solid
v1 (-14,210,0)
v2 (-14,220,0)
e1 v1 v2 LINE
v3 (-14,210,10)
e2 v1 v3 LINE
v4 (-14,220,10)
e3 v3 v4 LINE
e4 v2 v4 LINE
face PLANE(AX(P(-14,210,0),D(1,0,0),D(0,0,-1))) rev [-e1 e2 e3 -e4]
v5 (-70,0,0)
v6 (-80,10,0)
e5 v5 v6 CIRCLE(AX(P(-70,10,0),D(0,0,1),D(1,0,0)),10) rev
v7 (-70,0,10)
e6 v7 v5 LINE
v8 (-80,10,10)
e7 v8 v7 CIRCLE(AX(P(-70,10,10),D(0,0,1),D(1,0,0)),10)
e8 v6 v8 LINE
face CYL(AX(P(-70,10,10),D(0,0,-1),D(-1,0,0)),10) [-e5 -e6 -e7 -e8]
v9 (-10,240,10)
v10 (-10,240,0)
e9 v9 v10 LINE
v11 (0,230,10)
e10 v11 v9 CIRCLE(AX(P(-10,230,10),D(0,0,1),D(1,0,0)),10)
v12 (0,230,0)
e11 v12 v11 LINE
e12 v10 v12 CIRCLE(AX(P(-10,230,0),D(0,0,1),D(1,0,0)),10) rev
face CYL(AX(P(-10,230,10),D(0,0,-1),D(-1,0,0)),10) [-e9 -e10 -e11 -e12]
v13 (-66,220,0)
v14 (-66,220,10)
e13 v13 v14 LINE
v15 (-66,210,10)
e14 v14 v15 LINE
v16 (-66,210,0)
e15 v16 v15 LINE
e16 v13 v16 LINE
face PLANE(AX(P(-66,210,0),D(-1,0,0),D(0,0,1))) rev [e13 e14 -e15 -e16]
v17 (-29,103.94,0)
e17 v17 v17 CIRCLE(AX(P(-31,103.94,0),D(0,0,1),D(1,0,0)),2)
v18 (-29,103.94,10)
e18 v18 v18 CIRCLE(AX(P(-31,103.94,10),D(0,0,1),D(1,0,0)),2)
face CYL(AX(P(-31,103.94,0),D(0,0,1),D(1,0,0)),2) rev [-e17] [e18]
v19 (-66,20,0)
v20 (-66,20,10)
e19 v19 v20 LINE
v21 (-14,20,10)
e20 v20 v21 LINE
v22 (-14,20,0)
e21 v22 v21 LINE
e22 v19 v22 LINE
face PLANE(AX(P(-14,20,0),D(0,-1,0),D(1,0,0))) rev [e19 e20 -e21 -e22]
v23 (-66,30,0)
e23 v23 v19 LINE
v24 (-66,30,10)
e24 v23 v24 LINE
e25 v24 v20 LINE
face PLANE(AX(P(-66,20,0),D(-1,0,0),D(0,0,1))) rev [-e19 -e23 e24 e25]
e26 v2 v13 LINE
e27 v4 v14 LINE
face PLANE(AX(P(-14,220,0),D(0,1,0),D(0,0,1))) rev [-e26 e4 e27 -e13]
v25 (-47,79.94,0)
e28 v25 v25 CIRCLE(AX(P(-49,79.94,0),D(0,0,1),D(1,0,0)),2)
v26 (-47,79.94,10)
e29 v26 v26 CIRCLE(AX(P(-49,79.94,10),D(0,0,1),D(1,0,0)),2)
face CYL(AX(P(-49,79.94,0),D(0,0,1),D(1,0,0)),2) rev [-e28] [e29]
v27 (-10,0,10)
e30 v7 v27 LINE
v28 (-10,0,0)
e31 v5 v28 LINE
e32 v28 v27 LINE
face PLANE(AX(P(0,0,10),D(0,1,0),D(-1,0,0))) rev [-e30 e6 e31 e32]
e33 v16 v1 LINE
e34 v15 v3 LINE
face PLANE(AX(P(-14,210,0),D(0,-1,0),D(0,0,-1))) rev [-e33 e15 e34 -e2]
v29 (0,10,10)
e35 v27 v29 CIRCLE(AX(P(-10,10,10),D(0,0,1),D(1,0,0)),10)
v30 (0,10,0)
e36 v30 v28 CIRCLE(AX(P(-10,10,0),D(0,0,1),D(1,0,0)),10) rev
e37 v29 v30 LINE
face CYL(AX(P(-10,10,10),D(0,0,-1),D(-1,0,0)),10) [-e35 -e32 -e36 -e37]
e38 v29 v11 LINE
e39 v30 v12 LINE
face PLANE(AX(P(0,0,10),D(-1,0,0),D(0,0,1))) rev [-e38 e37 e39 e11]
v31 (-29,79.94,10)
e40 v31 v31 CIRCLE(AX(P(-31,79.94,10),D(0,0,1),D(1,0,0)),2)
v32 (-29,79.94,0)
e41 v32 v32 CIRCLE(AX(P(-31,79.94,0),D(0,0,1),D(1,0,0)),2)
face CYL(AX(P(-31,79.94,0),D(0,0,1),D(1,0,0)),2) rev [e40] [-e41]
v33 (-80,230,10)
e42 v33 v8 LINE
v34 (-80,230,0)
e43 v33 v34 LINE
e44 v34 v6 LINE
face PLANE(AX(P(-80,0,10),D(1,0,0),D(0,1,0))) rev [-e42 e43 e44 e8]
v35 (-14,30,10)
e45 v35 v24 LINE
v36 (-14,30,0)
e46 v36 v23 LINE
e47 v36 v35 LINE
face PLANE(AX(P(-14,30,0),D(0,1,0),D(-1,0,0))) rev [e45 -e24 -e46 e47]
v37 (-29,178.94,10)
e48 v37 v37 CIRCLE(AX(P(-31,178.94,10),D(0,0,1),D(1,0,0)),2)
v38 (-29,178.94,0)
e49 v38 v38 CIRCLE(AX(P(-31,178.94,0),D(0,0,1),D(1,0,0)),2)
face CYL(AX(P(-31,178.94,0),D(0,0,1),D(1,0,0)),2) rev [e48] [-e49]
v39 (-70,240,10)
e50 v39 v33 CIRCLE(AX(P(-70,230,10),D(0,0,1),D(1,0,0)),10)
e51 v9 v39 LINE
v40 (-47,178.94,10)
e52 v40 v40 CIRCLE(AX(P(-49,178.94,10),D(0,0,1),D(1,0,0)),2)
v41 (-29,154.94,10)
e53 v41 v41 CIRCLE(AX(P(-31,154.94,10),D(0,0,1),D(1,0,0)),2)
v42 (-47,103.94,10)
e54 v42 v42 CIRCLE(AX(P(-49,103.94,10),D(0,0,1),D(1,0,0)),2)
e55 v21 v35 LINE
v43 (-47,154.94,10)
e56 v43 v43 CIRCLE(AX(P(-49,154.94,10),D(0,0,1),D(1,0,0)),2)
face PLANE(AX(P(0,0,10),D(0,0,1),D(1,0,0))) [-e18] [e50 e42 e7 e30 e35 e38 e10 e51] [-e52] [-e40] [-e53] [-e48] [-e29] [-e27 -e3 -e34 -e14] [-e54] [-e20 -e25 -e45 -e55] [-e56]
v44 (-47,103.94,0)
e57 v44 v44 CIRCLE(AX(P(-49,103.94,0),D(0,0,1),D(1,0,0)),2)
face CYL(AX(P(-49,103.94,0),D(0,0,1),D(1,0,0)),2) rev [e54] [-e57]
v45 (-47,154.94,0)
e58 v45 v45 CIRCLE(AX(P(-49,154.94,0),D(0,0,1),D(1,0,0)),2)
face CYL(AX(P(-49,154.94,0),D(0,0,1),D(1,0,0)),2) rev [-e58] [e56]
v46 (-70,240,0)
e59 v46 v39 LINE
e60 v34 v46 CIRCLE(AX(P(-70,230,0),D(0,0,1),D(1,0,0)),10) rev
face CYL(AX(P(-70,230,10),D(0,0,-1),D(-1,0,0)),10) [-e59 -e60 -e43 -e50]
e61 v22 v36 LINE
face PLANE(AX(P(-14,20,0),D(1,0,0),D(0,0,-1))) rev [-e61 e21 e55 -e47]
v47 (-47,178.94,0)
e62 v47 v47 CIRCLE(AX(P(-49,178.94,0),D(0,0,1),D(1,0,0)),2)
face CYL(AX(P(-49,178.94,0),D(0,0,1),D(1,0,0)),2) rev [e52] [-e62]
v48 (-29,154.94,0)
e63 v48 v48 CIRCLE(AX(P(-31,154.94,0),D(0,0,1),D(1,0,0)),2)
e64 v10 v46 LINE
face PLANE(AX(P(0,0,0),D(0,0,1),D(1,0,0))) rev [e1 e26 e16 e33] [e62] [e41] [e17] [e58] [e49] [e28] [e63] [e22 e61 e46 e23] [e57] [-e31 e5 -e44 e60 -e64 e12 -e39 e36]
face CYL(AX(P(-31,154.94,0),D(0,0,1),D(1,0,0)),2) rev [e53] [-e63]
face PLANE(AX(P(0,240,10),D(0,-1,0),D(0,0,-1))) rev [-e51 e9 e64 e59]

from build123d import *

# Parameters (mm, degrees)
SKETCH1_W           = 80
SKETCH1_H           = 240
BOSS_EXTRUDE1_DEPTH = 10
FILLET2_R           = 10
SKETCH2_R           = 2
SKETCH2_W           = 52
SKETCH2_H           = 10
CUT_EXTRUDE1_DEPTH  = 10


with BuildPart() as part:
    # Sketch1 → Boss-Extrude1 (new body)
    with BuildSketch(Plane.XY):
        with Locations((-40, 120)):
            Rectangle(SKETCH1_W, SKETCH1_H)
    extrude(amount=BOSS_EXTRUDE1_DEPTH)

    # Fillet2
    fillet2_edges = [part.edges().sort_by_distance(p)[0] for p in [
        (0, 0, 5),
        (-80, 0, 5),
        (-80, 240, 5),
        (0, 240, 5),
    ]]
    fillet(fillet2_edges, radius=FILLET2_R)

    # Sketch2 → Cut-Extrude1 (cut)
    with BuildSketch(Plane.XY.offset(10)):
        with Locations((-49, 154.94)):
            Circle(SKETCH2_R)
        with Locations((-31, 154.94)):
            Circle(SKETCH2_R)
        with Locations((-31, 178.94)):
            Circle(SKETCH2_R)
        with Locations((-49, 178.94)):
            Circle(SKETCH2_R)
        with Locations((-49, 103.94)):
            Circle(SKETCH2_R)
        with Locations((-49, 79.94)):
            Circle(SKETCH2_R)
        with Locations((-31, 103.94)):
            Circle(SKETCH2_R)
        with Locations((-31, 79.94)):
            Circle(SKETCH2_R)
        with Locations((-40, 215)):
            Rectangle(SKETCH2_W, SKETCH2_H)
        with Locations((-40, 25)):
            Rectangle(SKETCH2_W, SKETCH2_H)
    extrude(amount=-CUT_EXTRUDE1_DEPTH, mode=Mode.SUBTRACT)


solid = part.part
